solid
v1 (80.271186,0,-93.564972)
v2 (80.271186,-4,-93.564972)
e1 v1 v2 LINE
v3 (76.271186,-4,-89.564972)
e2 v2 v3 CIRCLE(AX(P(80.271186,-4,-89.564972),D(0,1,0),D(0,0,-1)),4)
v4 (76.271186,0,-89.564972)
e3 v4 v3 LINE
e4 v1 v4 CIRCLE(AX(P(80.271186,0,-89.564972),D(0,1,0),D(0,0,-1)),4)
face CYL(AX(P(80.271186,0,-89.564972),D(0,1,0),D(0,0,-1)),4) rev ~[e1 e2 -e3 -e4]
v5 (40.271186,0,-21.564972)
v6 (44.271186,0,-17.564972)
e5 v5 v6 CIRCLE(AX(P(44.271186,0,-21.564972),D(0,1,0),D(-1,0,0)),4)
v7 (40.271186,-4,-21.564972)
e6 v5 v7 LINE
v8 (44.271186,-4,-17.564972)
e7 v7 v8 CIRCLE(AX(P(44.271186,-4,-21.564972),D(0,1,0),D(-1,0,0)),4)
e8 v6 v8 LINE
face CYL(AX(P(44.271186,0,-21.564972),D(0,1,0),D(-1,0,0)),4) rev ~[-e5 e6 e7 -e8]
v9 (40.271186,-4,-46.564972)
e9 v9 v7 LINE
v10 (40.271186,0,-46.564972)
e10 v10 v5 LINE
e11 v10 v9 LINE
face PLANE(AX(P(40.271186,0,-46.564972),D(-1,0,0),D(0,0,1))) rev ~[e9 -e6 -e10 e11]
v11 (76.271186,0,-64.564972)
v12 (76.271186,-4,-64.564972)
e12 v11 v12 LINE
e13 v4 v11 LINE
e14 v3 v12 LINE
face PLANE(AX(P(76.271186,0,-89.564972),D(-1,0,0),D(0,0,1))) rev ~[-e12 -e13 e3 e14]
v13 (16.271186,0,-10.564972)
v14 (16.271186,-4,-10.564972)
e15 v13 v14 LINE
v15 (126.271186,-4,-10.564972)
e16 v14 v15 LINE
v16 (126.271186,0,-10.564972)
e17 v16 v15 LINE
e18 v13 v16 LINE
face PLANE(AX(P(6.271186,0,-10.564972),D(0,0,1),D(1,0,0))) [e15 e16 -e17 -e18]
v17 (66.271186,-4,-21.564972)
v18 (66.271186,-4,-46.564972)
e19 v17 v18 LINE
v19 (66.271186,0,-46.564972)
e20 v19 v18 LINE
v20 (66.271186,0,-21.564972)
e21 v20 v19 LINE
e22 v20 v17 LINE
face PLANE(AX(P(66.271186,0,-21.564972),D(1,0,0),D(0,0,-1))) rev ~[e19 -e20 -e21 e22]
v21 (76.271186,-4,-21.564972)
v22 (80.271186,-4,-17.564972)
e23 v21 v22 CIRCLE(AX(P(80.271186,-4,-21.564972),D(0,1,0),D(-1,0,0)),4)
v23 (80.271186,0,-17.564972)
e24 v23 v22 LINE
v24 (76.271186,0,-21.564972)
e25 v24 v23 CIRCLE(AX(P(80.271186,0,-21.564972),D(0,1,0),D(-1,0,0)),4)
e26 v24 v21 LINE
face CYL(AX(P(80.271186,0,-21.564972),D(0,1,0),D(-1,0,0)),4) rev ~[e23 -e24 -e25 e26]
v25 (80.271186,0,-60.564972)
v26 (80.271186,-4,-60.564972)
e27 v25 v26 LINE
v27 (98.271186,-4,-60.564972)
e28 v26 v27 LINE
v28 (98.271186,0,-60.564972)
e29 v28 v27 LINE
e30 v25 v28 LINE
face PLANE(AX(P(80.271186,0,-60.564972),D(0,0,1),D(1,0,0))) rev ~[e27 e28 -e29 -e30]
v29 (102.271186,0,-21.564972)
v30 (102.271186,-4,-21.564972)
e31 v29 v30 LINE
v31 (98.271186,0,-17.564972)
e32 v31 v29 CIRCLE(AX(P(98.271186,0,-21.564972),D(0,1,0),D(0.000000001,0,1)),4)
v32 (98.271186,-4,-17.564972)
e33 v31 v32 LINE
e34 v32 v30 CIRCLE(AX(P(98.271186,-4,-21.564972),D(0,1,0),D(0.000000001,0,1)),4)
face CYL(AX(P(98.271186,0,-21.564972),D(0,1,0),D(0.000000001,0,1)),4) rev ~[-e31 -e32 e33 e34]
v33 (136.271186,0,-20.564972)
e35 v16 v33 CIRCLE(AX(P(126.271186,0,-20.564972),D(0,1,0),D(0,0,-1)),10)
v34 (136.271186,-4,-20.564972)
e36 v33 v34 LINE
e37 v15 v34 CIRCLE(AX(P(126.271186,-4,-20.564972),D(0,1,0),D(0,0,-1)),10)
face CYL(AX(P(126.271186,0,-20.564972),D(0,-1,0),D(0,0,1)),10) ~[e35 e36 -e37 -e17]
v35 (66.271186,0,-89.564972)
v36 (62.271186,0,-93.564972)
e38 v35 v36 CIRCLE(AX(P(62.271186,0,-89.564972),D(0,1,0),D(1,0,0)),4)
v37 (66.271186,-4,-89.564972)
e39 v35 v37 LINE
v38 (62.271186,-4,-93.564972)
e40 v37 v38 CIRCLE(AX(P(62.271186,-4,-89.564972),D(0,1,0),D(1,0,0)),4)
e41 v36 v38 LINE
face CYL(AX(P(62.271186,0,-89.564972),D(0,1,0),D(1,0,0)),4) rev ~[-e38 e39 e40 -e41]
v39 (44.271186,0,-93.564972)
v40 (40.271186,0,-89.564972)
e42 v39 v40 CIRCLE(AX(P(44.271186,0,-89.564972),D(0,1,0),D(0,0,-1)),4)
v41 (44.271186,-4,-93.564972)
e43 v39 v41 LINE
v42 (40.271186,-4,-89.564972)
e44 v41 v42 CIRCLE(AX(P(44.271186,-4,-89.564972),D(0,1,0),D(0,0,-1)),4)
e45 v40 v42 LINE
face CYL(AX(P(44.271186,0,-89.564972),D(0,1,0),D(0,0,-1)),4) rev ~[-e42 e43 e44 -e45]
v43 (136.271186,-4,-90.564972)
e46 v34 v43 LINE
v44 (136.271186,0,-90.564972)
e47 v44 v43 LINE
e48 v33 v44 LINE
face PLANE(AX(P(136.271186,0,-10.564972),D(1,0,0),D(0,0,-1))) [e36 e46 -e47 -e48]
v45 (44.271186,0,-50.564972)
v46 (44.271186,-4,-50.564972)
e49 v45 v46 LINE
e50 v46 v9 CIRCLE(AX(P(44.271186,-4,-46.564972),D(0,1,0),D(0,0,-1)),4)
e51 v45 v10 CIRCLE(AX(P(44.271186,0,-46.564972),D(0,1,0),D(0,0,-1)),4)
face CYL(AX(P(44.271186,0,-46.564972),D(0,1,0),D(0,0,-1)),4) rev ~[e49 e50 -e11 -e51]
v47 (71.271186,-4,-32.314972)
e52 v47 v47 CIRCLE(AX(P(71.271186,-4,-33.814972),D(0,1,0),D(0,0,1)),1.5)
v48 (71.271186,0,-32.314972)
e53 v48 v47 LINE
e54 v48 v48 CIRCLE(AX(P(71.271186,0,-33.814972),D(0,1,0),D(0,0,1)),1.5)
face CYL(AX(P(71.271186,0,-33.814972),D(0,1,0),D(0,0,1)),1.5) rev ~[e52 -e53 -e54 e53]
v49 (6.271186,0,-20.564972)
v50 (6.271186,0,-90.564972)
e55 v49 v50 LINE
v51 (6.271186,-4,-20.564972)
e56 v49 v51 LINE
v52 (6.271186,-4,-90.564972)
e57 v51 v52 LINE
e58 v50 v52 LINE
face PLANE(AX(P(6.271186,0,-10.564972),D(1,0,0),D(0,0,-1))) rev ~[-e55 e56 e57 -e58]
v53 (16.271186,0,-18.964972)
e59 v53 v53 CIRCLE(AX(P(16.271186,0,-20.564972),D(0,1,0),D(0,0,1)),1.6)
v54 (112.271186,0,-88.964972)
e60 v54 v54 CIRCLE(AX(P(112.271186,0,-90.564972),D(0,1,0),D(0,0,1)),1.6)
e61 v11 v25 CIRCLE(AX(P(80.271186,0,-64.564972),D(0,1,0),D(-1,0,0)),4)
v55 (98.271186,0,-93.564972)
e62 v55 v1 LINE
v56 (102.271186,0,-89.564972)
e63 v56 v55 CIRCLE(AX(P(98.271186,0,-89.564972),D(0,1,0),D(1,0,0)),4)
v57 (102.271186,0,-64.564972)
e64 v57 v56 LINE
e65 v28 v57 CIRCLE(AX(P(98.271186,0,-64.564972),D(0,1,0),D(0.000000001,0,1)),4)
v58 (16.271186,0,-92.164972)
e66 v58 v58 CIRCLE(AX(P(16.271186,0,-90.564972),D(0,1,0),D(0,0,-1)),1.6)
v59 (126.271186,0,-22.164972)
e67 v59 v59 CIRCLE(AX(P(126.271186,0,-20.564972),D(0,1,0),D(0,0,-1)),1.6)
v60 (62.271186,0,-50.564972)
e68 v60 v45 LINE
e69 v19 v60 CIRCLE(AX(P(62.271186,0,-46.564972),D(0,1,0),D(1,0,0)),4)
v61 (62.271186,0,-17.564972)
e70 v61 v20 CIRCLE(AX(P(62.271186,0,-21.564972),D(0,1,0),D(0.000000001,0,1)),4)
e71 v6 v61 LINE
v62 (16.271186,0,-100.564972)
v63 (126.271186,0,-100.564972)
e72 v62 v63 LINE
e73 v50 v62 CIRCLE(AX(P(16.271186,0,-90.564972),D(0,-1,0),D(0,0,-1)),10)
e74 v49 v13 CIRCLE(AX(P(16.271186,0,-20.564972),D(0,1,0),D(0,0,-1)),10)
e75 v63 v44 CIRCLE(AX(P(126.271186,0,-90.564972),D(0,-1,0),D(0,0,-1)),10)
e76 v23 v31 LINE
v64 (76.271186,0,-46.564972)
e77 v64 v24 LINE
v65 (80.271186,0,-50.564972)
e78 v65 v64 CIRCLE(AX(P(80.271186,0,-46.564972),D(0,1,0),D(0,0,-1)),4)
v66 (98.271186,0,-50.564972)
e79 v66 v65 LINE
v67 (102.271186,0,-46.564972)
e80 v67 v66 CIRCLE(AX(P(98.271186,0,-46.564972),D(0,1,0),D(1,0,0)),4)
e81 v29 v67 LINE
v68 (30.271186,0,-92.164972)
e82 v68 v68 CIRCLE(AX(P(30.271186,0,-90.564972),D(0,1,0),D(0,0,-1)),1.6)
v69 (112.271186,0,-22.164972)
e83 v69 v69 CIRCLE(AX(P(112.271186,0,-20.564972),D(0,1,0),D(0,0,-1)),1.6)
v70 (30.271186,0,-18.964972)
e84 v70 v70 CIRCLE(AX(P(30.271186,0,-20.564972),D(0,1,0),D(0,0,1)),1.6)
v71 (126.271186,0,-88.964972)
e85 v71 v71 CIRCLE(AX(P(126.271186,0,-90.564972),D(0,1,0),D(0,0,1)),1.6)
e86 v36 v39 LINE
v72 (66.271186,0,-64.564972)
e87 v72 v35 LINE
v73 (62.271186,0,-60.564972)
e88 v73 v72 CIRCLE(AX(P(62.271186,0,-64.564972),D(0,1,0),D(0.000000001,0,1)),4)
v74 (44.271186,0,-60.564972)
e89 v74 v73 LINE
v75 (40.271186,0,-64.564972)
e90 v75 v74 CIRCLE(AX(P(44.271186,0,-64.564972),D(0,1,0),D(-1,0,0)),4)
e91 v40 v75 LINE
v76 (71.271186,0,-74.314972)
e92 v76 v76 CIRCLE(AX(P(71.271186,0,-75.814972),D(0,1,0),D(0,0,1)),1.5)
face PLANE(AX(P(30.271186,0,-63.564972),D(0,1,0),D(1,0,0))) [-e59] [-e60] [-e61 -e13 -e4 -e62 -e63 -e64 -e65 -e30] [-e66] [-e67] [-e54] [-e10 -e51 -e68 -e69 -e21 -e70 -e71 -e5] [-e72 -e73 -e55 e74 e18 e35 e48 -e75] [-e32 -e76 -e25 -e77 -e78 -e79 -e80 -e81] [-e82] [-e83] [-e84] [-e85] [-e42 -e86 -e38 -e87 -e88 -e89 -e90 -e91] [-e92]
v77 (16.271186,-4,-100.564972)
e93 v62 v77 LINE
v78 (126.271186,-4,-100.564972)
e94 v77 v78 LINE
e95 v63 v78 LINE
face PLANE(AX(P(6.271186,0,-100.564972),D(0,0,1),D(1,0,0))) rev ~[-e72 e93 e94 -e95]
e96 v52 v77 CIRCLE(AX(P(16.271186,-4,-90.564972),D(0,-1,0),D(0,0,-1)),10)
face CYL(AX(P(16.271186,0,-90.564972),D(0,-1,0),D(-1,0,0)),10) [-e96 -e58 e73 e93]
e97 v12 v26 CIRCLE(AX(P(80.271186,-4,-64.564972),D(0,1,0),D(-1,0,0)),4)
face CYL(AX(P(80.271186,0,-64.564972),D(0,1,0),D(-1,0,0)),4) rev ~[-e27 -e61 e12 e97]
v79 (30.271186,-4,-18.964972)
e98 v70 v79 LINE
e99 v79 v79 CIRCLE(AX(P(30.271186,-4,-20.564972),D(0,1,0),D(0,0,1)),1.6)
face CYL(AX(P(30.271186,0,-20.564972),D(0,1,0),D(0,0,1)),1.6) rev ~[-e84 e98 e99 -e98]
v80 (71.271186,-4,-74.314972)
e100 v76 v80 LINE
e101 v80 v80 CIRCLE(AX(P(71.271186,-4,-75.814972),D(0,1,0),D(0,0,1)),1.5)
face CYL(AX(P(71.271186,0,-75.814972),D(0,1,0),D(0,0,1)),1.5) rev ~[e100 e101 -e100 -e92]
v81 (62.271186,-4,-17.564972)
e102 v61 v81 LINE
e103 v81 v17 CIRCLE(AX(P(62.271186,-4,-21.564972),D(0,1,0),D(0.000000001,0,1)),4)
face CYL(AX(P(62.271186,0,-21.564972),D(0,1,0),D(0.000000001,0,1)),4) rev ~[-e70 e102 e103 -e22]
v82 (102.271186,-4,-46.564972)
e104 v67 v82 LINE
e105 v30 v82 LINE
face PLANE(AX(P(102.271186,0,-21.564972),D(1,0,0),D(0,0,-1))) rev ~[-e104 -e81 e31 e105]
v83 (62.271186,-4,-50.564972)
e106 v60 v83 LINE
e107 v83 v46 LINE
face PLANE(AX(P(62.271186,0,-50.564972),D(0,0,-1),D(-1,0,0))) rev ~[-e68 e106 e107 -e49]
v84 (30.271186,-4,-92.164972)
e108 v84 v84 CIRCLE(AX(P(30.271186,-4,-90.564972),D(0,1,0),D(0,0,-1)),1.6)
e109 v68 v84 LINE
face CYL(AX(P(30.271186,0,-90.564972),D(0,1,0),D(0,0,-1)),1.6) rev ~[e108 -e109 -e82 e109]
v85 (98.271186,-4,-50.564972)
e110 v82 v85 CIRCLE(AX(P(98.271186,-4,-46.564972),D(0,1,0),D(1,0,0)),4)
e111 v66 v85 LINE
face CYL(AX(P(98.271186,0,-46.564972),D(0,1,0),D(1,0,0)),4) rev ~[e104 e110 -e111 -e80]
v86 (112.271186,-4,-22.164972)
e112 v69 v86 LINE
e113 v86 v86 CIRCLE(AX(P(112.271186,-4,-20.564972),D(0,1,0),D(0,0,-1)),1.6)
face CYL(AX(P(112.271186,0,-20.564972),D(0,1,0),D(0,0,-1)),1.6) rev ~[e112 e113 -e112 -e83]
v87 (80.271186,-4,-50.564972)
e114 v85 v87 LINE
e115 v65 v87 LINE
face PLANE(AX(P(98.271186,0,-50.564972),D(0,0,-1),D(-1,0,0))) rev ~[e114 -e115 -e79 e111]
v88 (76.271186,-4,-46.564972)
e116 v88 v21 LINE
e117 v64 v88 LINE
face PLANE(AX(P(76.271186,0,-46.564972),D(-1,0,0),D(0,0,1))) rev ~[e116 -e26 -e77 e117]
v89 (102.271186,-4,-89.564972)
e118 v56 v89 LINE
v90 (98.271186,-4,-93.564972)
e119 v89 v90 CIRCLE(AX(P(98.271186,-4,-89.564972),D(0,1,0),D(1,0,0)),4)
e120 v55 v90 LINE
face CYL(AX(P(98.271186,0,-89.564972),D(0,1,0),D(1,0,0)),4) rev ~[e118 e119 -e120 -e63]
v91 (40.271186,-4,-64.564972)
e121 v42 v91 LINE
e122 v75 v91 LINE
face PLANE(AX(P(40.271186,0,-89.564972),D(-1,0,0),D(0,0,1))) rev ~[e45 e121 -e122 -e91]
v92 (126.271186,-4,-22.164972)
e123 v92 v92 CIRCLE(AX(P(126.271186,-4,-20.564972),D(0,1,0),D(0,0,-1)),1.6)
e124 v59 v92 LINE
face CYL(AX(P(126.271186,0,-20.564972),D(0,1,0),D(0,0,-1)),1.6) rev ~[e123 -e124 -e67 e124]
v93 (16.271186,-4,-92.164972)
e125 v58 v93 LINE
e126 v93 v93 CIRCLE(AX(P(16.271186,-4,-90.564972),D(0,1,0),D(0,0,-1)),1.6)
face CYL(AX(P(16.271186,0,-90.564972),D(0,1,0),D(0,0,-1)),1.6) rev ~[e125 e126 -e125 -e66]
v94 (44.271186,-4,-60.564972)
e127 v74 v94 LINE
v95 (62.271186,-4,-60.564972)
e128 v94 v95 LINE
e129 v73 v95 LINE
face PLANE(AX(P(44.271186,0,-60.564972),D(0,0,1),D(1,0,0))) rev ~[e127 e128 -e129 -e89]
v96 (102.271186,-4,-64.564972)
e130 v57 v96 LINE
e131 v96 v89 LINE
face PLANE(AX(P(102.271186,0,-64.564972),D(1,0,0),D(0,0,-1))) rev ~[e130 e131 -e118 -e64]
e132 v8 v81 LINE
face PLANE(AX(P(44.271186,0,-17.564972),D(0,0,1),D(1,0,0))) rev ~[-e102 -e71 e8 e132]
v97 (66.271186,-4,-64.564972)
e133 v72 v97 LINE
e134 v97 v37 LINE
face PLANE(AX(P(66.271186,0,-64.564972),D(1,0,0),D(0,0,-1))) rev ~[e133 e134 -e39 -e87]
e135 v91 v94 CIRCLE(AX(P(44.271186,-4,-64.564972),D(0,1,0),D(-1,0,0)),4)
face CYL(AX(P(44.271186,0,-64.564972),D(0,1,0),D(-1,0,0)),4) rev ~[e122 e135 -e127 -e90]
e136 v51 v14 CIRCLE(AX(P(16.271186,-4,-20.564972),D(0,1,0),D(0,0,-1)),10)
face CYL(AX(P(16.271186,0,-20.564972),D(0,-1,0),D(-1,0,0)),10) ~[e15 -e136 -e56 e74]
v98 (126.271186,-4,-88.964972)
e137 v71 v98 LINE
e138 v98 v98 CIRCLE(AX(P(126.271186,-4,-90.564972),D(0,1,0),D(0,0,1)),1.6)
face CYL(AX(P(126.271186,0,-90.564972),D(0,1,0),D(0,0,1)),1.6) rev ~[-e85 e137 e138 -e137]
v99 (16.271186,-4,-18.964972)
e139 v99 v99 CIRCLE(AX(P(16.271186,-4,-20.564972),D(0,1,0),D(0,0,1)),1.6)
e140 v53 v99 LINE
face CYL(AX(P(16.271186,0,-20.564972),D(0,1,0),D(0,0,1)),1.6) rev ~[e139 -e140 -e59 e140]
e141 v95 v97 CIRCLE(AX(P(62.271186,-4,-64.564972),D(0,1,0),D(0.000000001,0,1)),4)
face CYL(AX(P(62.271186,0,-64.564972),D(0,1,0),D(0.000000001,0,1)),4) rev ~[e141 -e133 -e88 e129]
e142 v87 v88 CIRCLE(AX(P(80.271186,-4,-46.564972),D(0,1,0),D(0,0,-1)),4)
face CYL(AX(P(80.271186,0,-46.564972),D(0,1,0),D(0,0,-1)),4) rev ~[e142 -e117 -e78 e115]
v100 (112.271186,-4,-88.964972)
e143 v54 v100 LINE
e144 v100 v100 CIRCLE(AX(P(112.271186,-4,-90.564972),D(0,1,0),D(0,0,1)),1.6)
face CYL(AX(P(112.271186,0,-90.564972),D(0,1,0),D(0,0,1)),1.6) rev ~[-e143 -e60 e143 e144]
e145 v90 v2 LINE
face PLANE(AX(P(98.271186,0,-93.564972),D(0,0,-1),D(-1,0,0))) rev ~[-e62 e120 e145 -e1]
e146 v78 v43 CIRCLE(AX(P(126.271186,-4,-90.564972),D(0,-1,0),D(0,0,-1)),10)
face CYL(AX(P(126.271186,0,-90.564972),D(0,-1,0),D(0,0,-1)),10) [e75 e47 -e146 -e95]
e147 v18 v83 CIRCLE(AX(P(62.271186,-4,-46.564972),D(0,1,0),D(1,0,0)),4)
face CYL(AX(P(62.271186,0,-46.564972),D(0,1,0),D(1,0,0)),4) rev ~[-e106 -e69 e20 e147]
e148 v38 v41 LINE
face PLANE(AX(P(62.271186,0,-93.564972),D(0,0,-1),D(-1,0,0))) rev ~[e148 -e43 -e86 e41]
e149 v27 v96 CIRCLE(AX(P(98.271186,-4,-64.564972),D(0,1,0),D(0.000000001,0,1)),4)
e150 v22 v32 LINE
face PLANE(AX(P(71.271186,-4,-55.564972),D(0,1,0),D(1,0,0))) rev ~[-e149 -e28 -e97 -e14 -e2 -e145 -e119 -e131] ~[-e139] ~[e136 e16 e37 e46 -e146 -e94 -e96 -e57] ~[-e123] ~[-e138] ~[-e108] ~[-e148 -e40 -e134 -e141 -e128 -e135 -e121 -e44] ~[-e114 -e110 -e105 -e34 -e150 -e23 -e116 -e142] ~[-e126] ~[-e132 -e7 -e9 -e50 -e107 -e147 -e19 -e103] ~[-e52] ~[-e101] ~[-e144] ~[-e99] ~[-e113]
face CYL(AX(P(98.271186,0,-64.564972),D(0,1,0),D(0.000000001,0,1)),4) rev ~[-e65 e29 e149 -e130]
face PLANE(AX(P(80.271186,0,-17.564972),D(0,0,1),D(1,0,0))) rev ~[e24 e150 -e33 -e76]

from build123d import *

# Parameters (mm, degrees)
SKETCH2_W           = 130
SKETCH2_H           = 90
BOSS_EXTRUDE1_DEPTH = 4
SKETCH3_R           = 1.5
CUT_EXTRUDE1_DEPTH  = 10
SKETCH4_R           = 1.6
CUT_EXTRUDE2_DEPTH  = 10
FILLET1_R           = 10
CUT_EXTRUDE3_DEPTH  = 10
SKETCH6_R           = 1.5
BOSS_EXTRUDE2_DEPTH = 4
SKETCH7_R           = 1.5
CUT_EXTRUDE4_DEPTH  = 10


with BuildPart() as part:
    # Sketch2 → Boss-Extrude1 (new body)
    with BuildSketch(Plane(origin=(0, 0, 0), x_dir=(1, 0, 0), z_dir=(0, 1, 0))):
        with Locations((71.271186441, 55.564971751)):
            Rectangle(SKETCH2_W, SKETCH2_H)
    extrude(amount=-BOSS_EXTRUDE1_DEPTH)

    # Sketch3 → Cut-Extrude1 (cut)
    with BuildSketch(Plane(origin=(0, 0, 0), x_dir=(1, 0, 0), z_dir=(0, 1, 0))):
        with Locations(Location((126.271186441, 63.564971751, 0), (0, 0, 270))):
            Circle(SKETCH3_R)
        with Locations(Location((126.271186441, 47.564971751, 0), (0, 0, 270))):
            Circle(SKETCH3_R)
        with Locations(Location((112.271186441, 47.564971751, 0), (0, 0, 270))):
            Circle(SKETCH3_R)
        with Locations(Location((112.271186441, 63.564971751, 0), (0, 0, 270))):
            Circle(SKETCH3_R)
        with Locations(Location((16.271186441, 47.564971751, 0), (0, 0, 90))):
            Circle(SKETCH3_R)
        with Locations(Location((30.271186441, 47.564971751, 0), (0, 0, 90))):
            Circle(SKETCH3_R)
        with Locations(Location((16.271186441, 63.564971751, 0), (0, 0, 90))):
            Circle(SKETCH3_R)
        with Locations(Location((30.271186441, 63.564971751, 0), (0, 0, 90))):
            Circle(SKETCH3_R)
    extrude(amount=-CUT_EXTRUDE1_DEPTH, mode=Mode.SUBTRACT)

    # Sketch4 → Cut-Extrude2 (cut)
    with BuildSketch(Plane(origin=(0, 0, 0), x_dir=(1, 0, 0), z_dir=(0, 1, 0))):
        with Locations(Location((16.271186441, 20.564971751, 0), (0, 0, 270))):
            Circle(SKETCH4_R)
        with Locations(Location((30.271186441, 20.564971751, 0), (0, 0, 270))):
            Circle(SKETCH4_R)
        with Locations(Location((30.271186441, 90.564971751, 0), (0, 0, 90))):
            Circle(SKETCH4_R)
        with Locations(Location((16.271186441, 90.564971751, 0), (0, 0, 90))):
            Circle(SKETCH4_R)
        with Locations(Location((112.271186441, 20.564971751, 0), (0, 0, 90))):
            Circle(SKETCH4_R)
        with Locations(Location((126.271186441, 20.564971751, 0), (0, 0, 90))):
            Circle(SKETCH4_R)
        with Locations(Location((126.271186441, 90.564971751, 0), (0, 0, 270))):
            Circle(SKETCH4_R)
        with Locations(Location((112.271186441, 90.564971751, 0), (0, 0, 270))):
            Circle(SKETCH4_R)
    extrude(amount=-CUT_EXTRUDE2_DEPTH, mode=Mode.SUBTRACT)

    # Fillet1
    fillet1_edges = [part.edges().sort_by_distance(p)[0] for p in [
        (6.271186441, -2, -100.564971751),
        (136.271186441, -2, -100.564971751),
        (136.271186441, -2, -10.564971751),
        (6.271186441, -2, -10.564971751),
    ]]
    fillet(fillet1_edges, radius=FILLET1_R)

    # Sketch5 → Cut-Extrude3 (cut)
    with BuildSketch(Plane(origin=(0, 0, 0), x_dir=(1, 0, 0), z_dir=(0, 1, 0))):
        with BuildLine():
            Line((76.271186441, 89.564971751), (76.271186441, 64.564971751))
            ThreePointArc((76.271186441, 64.564971751), (77.442759316, 61.736544627), (80.271186441, 60.564971751))
            Line((80.271186441, 60.564971751), (98.271186441, 60.564971751))
            ThreePointArc((98.271186441, 60.564971751), (101.099613565, 61.736544627), (102.271186441, 64.564971751))
            Line((102.271186441, 64.564971751), (102.271186441, 89.564971751))
            ThreePointArc((102.271186441, 89.564971751), (101.099613565, 92.393398876), (98.271186441, 93.564971751))
            Line((98.271186441, 93.564971751), (80.271186441, 93.564971751))
            ThreePointArc((80.271186441, 93.564971751), (77.442759316, 92.393398876), (76.271186441, 89.564971751))
        make_face()
        with BuildLine():
            Line((40.271186441, 89.564971751), (40.271186441, 64.564971751))
            ThreePointArc((40.271186441, 64.564971751), (41.442759316, 61.736544627), (44.271186441, 60.564971751))
            Line((44.271186441, 60.564971751), (62.271186441, 60.564971751))
            ThreePointArc((62.271186441, 60.564971751), (65.099613565, 61.736544627), (66.271186441, 64.564971751))
            Line((66.271186441, 64.564971751), (66.271186441, 89.564971751))
            ThreePointArc((66.271186441, 89.564971751), (65.099613565, 92.393398876), (62.271186441, 93.564971751))
            Line((62.271186441, 93.564971751), (44.271186441, 93.564971751))
            ThreePointArc((44.271186441, 93.564971751), (41.442759316, 92.393398876), (40.271186441, 89.564971751))
        make_face()
        with BuildLine():
            Line((66.271186441, 21.564971751), (66.271186441, 46.564971751))
            ThreePointArc((66.271186441, 46.564971751), (65.099613565, 49.393398876), (62.271186441, 50.564971751))
            Line((62.271186441, 50.564971751), (44.271186441, 50.564971751))
            ThreePointArc((44.271186441, 50.564971751), (41.442759316, 49.393398876), (40.271186441, 46.564971751))
            Line((40.271186441, 46.564971751), (40.271186441, 21.564971751))
            ThreePointArc((40.271186441, 21.564971751), (41.442759316, 18.736544627), (44.271186441, 17.564971751))
            Line((44.271186441, 17.564971751), (62.271186441, 17.564971751))
            ThreePointArc((62.271186441, 17.564971751), (65.099613565, 18.736544627), (66.271186441, 21.564971751))
        make_face()
        with BuildLine():
            Line((102.271186441, 21.564971751), (102.271186441, 46.564971751))
            ThreePointArc((102.271186441, 46.564971751), (101.099613565, 49.393398876), (98.271186441, 50.564971751))
            Line((98.271186441, 50.564971751), (80.271186441, 50.564971751))
            ThreePointArc((80.271186441, 50.564971751), (77.442759316, 49.393398876), (76.271186441, 46.564971751))
            Line((76.271186441, 46.564971751), (76.271186441, 21.564971751))
            ThreePointArc((76.271186441, 21.564971751), (77.442759316, 18.736544627), (80.271186441, 17.564971751))
            Line((80.271186441, 17.564971751), (98.271186441, 17.564971751))
            ThreePointArc((98.271186441, 17.564971751), (101.099613565, 18.736544627), (102.271186441, 21.564971751))
        make_face()
    extrude(amount=-CUT_EXTRUDE3_DEPTH, mode=Mode.SUBTRACT)

    # Sketch6 → Boss-Extrude2 (add)
    with BuildSketch(Plane(origin=(0, 0, 0), x_dir=(1, 0, 0), z_dir=(0, 1, 0))):
        with Locations((30.271186441, 63.564971751)):
            Circle(SKETCH6_R)
        with Locations((30.271186441, 47.564971751)):
            Circle(SKETCH6_R)
        with Locations((16.271186441, 47.564971751)):
            Circle(SKETCH6_R)
        with Locations((16.271186441, 63.564971751)):
            Circle(SKETCH6_R)
        with Locations((112.271186441, 63.564971751)):
            Circle(SKETCH6_R)
        with Locations((126.271186441, 63.564971751)):
            Circle(SKETCH6_R)
        with Locations((126.271186441, 47.564971751)):
            Circle(SKETCH6_R)
        with Locations((112.271186441, 47.564971751)):
            Circle(SKETCH6_R)
    extrude(amount=-BOSS_EXTRUDE2_DEPTH)

    # Sketch7 → Cut-Extrude4 (cut)
    with BuildSketch(Plane(origin=(0, 0, 0), x_dir=(1, 0, 0), z_dir=(0, 1, 0))):
        with Locations(Location((71.271186441, 75.814971751, 0), (0, 0, 270))):
            Circle(SKETCH7_R)
        with Locations(Location((71.271186441, 33.814971751, 0), (0, 0, 270))):
            Circle(SKETCH7_R)
    extrude(amount=-CUT_EXTRUDE4_DEPTH, mode=Mode.SUBTRACT)


solid = part.part
